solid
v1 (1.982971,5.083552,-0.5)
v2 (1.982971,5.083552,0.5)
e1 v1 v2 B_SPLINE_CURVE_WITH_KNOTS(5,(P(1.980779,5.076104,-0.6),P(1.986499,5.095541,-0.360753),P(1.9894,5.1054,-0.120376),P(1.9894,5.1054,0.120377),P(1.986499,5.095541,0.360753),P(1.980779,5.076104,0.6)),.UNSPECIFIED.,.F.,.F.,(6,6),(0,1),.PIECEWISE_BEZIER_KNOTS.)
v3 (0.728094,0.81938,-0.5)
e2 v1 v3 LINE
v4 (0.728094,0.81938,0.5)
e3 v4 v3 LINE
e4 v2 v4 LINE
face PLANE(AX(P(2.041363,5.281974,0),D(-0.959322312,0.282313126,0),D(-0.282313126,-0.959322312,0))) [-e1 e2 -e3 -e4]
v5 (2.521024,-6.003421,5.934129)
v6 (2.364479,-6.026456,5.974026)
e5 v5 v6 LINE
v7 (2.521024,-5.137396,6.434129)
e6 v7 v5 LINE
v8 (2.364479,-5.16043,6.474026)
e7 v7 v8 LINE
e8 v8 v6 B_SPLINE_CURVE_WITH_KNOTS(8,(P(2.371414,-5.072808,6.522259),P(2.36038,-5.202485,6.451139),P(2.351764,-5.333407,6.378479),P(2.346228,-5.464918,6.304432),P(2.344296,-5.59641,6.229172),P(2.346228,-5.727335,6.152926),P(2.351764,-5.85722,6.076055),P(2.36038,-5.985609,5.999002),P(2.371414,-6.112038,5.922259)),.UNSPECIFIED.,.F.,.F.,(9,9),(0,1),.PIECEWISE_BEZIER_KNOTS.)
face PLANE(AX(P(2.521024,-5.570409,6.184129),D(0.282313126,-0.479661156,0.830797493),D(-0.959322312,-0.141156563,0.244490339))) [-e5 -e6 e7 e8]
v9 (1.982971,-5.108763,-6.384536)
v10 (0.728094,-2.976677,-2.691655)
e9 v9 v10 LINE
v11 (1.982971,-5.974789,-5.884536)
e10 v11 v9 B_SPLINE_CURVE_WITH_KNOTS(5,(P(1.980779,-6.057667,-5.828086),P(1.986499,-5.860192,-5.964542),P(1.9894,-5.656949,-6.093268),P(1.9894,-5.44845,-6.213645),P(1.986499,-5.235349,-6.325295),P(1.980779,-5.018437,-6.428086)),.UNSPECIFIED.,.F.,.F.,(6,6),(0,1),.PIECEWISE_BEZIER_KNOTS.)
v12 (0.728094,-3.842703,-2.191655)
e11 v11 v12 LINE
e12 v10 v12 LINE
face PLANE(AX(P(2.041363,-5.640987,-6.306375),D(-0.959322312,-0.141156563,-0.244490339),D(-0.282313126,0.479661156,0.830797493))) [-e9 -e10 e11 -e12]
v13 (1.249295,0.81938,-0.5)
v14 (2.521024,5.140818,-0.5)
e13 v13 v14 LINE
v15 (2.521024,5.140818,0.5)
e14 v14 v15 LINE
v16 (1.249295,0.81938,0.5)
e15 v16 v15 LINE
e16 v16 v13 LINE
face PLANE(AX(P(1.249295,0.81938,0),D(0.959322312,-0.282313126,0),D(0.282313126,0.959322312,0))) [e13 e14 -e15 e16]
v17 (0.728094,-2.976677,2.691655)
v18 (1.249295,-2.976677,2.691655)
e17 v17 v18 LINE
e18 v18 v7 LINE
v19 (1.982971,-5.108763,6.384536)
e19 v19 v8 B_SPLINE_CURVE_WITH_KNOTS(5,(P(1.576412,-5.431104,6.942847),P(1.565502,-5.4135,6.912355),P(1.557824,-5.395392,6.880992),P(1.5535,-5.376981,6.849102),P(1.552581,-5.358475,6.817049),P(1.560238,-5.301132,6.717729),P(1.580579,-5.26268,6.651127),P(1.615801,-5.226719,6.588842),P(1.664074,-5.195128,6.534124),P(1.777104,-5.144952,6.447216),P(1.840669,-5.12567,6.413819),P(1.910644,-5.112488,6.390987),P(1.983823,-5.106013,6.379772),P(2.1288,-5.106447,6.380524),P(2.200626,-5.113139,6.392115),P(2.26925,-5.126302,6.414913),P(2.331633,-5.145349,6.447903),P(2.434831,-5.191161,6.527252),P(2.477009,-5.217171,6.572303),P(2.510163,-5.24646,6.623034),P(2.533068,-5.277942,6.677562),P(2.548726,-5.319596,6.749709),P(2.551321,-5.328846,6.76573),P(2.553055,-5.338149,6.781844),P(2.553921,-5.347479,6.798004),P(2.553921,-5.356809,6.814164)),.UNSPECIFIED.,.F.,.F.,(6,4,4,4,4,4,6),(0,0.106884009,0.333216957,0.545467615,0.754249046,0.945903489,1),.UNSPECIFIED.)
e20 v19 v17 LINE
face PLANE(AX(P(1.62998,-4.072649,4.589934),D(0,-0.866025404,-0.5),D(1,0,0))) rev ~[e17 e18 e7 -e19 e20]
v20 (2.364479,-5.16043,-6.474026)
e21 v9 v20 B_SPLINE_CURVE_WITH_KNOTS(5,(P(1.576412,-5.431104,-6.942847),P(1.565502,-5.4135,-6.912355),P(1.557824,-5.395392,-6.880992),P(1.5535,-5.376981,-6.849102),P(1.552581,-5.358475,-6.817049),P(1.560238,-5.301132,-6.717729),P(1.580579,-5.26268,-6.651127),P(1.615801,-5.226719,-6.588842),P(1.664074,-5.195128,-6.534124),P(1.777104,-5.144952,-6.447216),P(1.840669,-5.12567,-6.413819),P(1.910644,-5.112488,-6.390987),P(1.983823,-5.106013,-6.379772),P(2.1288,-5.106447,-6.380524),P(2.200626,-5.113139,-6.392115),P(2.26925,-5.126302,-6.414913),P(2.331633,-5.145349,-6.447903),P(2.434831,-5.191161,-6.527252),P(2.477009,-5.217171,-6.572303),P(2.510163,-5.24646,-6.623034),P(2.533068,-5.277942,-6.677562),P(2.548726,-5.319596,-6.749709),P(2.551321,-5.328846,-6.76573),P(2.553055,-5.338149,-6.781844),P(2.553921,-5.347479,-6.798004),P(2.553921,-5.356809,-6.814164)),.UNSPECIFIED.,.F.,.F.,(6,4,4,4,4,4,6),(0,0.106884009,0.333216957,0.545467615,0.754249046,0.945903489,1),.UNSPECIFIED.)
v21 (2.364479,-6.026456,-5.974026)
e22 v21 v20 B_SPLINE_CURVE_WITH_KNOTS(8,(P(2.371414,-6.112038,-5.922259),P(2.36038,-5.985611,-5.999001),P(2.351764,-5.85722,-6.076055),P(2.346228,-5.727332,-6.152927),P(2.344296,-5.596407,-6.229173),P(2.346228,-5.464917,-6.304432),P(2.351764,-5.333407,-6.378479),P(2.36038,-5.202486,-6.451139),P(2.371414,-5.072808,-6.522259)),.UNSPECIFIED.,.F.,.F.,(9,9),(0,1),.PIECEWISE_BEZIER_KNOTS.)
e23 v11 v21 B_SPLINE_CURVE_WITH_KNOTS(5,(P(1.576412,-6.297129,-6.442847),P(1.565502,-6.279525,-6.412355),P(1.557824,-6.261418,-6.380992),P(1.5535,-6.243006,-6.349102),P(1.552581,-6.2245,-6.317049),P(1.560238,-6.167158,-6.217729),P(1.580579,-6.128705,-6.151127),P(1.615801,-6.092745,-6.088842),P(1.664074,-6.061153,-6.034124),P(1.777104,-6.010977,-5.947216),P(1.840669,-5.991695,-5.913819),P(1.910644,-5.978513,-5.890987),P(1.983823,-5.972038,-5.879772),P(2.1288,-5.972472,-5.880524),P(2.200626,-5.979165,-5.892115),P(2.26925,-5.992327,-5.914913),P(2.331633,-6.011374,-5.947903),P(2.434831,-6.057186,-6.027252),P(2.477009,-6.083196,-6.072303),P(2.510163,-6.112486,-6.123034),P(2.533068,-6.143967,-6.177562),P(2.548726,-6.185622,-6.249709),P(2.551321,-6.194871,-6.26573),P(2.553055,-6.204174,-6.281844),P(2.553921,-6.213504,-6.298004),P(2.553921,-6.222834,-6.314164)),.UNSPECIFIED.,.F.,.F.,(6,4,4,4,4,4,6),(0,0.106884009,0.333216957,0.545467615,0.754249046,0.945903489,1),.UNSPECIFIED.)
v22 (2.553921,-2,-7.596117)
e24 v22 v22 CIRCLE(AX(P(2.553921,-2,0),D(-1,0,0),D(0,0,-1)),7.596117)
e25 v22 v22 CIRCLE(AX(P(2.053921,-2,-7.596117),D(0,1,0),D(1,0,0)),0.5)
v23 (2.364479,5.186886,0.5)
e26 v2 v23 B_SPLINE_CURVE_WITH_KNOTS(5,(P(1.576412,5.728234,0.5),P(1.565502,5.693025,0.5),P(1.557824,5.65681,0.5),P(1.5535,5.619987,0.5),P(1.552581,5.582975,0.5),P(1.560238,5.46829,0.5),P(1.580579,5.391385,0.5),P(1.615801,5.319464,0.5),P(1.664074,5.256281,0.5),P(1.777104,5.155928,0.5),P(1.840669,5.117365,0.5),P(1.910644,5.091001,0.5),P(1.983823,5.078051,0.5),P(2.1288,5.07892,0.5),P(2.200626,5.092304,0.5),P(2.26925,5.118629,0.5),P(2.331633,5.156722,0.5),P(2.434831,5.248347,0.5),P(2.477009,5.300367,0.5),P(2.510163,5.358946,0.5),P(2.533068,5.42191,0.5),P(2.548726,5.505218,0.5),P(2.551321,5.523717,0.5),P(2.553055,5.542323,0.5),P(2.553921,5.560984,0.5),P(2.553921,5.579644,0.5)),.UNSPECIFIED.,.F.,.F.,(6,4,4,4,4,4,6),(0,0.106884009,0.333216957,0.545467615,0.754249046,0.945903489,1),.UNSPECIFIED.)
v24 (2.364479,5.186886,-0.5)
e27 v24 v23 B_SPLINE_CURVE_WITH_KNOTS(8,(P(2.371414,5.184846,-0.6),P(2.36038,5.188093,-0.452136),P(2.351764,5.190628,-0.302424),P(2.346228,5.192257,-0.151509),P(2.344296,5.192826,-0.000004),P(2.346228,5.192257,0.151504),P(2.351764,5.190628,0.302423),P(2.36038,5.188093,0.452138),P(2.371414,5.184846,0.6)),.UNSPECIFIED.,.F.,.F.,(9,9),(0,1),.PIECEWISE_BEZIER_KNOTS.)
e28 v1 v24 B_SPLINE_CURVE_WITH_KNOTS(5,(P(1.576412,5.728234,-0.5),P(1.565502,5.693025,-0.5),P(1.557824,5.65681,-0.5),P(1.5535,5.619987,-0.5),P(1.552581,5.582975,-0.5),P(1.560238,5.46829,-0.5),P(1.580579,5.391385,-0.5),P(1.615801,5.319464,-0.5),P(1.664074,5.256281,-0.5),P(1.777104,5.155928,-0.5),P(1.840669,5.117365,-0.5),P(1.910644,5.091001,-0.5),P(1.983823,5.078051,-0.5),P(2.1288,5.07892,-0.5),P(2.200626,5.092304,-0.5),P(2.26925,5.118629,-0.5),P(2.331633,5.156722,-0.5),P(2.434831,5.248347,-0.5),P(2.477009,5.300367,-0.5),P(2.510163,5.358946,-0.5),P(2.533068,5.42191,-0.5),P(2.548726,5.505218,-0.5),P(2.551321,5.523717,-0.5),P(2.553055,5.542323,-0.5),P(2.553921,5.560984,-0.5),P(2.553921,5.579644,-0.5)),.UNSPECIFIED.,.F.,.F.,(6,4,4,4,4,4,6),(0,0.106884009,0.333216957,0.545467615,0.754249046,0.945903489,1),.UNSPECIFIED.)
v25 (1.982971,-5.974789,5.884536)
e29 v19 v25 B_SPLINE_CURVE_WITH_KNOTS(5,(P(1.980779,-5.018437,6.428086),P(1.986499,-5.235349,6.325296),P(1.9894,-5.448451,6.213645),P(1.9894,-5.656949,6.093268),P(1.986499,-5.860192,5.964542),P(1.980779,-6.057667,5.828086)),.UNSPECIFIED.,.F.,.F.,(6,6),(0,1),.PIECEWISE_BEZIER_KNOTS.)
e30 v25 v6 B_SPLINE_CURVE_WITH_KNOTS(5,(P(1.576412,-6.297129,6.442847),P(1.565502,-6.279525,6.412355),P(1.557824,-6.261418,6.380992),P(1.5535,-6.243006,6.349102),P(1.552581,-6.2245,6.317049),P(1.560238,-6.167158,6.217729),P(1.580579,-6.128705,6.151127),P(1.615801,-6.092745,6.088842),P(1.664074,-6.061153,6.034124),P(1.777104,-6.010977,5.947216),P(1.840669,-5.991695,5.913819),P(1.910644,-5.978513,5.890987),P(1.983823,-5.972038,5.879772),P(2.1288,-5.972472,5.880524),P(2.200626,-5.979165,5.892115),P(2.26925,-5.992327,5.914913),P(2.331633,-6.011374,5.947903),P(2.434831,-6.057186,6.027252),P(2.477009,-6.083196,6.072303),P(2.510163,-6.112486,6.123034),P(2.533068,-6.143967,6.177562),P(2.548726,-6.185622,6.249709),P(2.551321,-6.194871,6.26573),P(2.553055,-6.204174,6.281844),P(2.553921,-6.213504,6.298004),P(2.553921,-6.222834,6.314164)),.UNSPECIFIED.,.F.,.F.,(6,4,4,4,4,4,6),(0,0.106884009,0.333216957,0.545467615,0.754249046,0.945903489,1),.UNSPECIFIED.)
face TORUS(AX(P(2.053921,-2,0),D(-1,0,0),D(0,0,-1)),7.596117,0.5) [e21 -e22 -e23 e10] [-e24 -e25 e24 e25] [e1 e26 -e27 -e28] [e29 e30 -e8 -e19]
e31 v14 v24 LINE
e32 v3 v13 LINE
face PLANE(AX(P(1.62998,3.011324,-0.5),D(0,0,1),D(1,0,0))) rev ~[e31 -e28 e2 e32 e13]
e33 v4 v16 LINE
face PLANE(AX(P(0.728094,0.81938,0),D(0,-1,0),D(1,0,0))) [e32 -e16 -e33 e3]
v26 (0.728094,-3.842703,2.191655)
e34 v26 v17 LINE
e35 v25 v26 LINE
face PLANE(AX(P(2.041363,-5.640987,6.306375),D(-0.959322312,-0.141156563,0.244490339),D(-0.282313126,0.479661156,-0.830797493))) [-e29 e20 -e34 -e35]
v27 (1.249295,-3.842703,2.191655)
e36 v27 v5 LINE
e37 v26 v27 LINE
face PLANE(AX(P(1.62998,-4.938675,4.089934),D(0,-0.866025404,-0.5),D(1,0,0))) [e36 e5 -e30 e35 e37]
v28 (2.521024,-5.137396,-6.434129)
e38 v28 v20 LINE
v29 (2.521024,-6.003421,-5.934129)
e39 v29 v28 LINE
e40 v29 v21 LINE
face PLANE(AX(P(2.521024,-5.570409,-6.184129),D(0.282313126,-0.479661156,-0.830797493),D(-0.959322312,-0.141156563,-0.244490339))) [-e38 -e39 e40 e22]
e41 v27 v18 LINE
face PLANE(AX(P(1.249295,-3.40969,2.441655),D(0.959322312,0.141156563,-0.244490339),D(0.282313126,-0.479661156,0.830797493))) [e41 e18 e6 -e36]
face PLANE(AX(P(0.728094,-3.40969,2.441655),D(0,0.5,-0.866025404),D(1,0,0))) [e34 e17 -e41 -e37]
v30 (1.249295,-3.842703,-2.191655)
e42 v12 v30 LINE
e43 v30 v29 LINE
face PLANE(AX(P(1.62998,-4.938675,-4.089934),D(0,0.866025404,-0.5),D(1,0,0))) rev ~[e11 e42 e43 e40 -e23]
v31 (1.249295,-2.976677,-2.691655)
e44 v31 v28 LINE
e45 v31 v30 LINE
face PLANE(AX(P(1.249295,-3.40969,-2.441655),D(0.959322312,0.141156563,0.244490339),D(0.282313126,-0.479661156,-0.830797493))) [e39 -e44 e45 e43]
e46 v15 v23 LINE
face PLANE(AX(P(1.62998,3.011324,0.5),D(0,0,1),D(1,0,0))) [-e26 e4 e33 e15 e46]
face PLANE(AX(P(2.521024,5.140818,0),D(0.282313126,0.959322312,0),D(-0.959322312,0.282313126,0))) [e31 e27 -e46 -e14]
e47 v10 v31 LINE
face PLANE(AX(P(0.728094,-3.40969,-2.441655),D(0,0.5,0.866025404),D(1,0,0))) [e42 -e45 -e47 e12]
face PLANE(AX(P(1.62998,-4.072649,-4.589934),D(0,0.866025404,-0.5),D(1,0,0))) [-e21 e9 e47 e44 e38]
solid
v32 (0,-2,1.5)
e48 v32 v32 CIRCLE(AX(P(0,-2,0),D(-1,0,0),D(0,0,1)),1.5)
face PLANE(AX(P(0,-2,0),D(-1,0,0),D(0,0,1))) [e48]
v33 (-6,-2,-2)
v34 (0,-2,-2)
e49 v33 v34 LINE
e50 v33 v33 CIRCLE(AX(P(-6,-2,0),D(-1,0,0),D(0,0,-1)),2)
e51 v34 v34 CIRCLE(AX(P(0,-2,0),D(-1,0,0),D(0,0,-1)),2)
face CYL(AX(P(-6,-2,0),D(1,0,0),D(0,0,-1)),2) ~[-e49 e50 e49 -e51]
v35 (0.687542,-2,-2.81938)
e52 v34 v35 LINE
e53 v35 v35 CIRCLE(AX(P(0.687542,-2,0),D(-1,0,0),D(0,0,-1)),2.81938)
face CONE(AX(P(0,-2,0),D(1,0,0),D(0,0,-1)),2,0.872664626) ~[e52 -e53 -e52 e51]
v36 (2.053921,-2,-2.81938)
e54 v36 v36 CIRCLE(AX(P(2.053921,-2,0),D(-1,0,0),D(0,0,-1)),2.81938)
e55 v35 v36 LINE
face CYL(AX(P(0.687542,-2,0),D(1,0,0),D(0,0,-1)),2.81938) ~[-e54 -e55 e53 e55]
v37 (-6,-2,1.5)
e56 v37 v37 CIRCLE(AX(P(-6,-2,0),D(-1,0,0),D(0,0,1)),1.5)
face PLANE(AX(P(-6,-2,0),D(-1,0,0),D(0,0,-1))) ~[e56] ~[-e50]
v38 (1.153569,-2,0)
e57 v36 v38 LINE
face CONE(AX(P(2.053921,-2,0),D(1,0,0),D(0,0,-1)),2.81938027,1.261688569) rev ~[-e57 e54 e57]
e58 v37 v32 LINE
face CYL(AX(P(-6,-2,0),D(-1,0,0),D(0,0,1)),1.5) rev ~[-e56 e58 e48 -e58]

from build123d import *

# Parameters (mm, degrees)
SKETCH2_R           = 1.5
CUT_EXTRUDE1_DEPTH  = 6
SKETCH3_R           = 0.5
BOSS_EXTRUDE1_DEPTH = 0.5
CIRPATTERN1_COUNT   = 3


with BuildPart() as part:
    # Sketch1 → Revolve1 (revolve)
    with BuildSketch(Plane.XY, mode=Mode.PRIVATE) as revolve1_sk:
        Polygon((-6, 0), (0, 0), (0.687541683, 0.81938027), (2.053921281, 0.81938027), (1.153569134, -2), (-6, -2), align=None)
    revolve(revolve1_sk.sketch.rotate(Axis((1.153569134, -2, 0), (-1, 0, 0)), 90), axis=Axis((1.153569134, -2, 0), (-1, 0, 0)))

    # Sketch2 → Cut-Extrude1 (cut)
    with BuildSketch(Plane.ZY.offset(6)):
        with Locations((0, -2)):
            Circle(SKETCH2_R)
    extrude(amount=-CUT_EXTRUDE1_DEPTH, mode=Mode.SUBTRACT)


with BuildPart() as body_2:
    # Sketch3 → Revolve2 (revolve)
    with BuildSketch(Plane.XY, mode=Mode.PRIVATE) as revolve2_sk:
        with Locations((2.053921281, 5.596117166)):
            Circle(SKETCH3_R)
    revolve(revolve2_sk.sketch.rotate(Axis((-6, -2, 0), (-1, 0, 0)), 90), axis=Axis((-6, -2, 0), (-1, 0, 0)))

    # Sketch4 → Boss-Extrude1 (add, symmetric)
    with BuildSketch(Plane.XY):
        Polygon((1.2492948, 0.81938027), (2.521024293, 5.140817594), (2.041363137, 5.281974157), (0.728093538, 0.81938027), align=None)
    boss_extrude1 = extrude(amount=BOSS_EXTRUDE1_DEPTH, both=True)

    # CirPattern1: Boss-Extrude1 ×3 about axis
    cirpattern1_axis = Axis((0, -2, 0), (1, 0, 0))
    for i in range(1, CIRPATTERN1_COUNT):
        add(boss_extrude1.rotate(cirpattern1_axis, i * 360 / CIRPATTERN1_COUNT))


solid = Compound([part.part, body_2.part])
